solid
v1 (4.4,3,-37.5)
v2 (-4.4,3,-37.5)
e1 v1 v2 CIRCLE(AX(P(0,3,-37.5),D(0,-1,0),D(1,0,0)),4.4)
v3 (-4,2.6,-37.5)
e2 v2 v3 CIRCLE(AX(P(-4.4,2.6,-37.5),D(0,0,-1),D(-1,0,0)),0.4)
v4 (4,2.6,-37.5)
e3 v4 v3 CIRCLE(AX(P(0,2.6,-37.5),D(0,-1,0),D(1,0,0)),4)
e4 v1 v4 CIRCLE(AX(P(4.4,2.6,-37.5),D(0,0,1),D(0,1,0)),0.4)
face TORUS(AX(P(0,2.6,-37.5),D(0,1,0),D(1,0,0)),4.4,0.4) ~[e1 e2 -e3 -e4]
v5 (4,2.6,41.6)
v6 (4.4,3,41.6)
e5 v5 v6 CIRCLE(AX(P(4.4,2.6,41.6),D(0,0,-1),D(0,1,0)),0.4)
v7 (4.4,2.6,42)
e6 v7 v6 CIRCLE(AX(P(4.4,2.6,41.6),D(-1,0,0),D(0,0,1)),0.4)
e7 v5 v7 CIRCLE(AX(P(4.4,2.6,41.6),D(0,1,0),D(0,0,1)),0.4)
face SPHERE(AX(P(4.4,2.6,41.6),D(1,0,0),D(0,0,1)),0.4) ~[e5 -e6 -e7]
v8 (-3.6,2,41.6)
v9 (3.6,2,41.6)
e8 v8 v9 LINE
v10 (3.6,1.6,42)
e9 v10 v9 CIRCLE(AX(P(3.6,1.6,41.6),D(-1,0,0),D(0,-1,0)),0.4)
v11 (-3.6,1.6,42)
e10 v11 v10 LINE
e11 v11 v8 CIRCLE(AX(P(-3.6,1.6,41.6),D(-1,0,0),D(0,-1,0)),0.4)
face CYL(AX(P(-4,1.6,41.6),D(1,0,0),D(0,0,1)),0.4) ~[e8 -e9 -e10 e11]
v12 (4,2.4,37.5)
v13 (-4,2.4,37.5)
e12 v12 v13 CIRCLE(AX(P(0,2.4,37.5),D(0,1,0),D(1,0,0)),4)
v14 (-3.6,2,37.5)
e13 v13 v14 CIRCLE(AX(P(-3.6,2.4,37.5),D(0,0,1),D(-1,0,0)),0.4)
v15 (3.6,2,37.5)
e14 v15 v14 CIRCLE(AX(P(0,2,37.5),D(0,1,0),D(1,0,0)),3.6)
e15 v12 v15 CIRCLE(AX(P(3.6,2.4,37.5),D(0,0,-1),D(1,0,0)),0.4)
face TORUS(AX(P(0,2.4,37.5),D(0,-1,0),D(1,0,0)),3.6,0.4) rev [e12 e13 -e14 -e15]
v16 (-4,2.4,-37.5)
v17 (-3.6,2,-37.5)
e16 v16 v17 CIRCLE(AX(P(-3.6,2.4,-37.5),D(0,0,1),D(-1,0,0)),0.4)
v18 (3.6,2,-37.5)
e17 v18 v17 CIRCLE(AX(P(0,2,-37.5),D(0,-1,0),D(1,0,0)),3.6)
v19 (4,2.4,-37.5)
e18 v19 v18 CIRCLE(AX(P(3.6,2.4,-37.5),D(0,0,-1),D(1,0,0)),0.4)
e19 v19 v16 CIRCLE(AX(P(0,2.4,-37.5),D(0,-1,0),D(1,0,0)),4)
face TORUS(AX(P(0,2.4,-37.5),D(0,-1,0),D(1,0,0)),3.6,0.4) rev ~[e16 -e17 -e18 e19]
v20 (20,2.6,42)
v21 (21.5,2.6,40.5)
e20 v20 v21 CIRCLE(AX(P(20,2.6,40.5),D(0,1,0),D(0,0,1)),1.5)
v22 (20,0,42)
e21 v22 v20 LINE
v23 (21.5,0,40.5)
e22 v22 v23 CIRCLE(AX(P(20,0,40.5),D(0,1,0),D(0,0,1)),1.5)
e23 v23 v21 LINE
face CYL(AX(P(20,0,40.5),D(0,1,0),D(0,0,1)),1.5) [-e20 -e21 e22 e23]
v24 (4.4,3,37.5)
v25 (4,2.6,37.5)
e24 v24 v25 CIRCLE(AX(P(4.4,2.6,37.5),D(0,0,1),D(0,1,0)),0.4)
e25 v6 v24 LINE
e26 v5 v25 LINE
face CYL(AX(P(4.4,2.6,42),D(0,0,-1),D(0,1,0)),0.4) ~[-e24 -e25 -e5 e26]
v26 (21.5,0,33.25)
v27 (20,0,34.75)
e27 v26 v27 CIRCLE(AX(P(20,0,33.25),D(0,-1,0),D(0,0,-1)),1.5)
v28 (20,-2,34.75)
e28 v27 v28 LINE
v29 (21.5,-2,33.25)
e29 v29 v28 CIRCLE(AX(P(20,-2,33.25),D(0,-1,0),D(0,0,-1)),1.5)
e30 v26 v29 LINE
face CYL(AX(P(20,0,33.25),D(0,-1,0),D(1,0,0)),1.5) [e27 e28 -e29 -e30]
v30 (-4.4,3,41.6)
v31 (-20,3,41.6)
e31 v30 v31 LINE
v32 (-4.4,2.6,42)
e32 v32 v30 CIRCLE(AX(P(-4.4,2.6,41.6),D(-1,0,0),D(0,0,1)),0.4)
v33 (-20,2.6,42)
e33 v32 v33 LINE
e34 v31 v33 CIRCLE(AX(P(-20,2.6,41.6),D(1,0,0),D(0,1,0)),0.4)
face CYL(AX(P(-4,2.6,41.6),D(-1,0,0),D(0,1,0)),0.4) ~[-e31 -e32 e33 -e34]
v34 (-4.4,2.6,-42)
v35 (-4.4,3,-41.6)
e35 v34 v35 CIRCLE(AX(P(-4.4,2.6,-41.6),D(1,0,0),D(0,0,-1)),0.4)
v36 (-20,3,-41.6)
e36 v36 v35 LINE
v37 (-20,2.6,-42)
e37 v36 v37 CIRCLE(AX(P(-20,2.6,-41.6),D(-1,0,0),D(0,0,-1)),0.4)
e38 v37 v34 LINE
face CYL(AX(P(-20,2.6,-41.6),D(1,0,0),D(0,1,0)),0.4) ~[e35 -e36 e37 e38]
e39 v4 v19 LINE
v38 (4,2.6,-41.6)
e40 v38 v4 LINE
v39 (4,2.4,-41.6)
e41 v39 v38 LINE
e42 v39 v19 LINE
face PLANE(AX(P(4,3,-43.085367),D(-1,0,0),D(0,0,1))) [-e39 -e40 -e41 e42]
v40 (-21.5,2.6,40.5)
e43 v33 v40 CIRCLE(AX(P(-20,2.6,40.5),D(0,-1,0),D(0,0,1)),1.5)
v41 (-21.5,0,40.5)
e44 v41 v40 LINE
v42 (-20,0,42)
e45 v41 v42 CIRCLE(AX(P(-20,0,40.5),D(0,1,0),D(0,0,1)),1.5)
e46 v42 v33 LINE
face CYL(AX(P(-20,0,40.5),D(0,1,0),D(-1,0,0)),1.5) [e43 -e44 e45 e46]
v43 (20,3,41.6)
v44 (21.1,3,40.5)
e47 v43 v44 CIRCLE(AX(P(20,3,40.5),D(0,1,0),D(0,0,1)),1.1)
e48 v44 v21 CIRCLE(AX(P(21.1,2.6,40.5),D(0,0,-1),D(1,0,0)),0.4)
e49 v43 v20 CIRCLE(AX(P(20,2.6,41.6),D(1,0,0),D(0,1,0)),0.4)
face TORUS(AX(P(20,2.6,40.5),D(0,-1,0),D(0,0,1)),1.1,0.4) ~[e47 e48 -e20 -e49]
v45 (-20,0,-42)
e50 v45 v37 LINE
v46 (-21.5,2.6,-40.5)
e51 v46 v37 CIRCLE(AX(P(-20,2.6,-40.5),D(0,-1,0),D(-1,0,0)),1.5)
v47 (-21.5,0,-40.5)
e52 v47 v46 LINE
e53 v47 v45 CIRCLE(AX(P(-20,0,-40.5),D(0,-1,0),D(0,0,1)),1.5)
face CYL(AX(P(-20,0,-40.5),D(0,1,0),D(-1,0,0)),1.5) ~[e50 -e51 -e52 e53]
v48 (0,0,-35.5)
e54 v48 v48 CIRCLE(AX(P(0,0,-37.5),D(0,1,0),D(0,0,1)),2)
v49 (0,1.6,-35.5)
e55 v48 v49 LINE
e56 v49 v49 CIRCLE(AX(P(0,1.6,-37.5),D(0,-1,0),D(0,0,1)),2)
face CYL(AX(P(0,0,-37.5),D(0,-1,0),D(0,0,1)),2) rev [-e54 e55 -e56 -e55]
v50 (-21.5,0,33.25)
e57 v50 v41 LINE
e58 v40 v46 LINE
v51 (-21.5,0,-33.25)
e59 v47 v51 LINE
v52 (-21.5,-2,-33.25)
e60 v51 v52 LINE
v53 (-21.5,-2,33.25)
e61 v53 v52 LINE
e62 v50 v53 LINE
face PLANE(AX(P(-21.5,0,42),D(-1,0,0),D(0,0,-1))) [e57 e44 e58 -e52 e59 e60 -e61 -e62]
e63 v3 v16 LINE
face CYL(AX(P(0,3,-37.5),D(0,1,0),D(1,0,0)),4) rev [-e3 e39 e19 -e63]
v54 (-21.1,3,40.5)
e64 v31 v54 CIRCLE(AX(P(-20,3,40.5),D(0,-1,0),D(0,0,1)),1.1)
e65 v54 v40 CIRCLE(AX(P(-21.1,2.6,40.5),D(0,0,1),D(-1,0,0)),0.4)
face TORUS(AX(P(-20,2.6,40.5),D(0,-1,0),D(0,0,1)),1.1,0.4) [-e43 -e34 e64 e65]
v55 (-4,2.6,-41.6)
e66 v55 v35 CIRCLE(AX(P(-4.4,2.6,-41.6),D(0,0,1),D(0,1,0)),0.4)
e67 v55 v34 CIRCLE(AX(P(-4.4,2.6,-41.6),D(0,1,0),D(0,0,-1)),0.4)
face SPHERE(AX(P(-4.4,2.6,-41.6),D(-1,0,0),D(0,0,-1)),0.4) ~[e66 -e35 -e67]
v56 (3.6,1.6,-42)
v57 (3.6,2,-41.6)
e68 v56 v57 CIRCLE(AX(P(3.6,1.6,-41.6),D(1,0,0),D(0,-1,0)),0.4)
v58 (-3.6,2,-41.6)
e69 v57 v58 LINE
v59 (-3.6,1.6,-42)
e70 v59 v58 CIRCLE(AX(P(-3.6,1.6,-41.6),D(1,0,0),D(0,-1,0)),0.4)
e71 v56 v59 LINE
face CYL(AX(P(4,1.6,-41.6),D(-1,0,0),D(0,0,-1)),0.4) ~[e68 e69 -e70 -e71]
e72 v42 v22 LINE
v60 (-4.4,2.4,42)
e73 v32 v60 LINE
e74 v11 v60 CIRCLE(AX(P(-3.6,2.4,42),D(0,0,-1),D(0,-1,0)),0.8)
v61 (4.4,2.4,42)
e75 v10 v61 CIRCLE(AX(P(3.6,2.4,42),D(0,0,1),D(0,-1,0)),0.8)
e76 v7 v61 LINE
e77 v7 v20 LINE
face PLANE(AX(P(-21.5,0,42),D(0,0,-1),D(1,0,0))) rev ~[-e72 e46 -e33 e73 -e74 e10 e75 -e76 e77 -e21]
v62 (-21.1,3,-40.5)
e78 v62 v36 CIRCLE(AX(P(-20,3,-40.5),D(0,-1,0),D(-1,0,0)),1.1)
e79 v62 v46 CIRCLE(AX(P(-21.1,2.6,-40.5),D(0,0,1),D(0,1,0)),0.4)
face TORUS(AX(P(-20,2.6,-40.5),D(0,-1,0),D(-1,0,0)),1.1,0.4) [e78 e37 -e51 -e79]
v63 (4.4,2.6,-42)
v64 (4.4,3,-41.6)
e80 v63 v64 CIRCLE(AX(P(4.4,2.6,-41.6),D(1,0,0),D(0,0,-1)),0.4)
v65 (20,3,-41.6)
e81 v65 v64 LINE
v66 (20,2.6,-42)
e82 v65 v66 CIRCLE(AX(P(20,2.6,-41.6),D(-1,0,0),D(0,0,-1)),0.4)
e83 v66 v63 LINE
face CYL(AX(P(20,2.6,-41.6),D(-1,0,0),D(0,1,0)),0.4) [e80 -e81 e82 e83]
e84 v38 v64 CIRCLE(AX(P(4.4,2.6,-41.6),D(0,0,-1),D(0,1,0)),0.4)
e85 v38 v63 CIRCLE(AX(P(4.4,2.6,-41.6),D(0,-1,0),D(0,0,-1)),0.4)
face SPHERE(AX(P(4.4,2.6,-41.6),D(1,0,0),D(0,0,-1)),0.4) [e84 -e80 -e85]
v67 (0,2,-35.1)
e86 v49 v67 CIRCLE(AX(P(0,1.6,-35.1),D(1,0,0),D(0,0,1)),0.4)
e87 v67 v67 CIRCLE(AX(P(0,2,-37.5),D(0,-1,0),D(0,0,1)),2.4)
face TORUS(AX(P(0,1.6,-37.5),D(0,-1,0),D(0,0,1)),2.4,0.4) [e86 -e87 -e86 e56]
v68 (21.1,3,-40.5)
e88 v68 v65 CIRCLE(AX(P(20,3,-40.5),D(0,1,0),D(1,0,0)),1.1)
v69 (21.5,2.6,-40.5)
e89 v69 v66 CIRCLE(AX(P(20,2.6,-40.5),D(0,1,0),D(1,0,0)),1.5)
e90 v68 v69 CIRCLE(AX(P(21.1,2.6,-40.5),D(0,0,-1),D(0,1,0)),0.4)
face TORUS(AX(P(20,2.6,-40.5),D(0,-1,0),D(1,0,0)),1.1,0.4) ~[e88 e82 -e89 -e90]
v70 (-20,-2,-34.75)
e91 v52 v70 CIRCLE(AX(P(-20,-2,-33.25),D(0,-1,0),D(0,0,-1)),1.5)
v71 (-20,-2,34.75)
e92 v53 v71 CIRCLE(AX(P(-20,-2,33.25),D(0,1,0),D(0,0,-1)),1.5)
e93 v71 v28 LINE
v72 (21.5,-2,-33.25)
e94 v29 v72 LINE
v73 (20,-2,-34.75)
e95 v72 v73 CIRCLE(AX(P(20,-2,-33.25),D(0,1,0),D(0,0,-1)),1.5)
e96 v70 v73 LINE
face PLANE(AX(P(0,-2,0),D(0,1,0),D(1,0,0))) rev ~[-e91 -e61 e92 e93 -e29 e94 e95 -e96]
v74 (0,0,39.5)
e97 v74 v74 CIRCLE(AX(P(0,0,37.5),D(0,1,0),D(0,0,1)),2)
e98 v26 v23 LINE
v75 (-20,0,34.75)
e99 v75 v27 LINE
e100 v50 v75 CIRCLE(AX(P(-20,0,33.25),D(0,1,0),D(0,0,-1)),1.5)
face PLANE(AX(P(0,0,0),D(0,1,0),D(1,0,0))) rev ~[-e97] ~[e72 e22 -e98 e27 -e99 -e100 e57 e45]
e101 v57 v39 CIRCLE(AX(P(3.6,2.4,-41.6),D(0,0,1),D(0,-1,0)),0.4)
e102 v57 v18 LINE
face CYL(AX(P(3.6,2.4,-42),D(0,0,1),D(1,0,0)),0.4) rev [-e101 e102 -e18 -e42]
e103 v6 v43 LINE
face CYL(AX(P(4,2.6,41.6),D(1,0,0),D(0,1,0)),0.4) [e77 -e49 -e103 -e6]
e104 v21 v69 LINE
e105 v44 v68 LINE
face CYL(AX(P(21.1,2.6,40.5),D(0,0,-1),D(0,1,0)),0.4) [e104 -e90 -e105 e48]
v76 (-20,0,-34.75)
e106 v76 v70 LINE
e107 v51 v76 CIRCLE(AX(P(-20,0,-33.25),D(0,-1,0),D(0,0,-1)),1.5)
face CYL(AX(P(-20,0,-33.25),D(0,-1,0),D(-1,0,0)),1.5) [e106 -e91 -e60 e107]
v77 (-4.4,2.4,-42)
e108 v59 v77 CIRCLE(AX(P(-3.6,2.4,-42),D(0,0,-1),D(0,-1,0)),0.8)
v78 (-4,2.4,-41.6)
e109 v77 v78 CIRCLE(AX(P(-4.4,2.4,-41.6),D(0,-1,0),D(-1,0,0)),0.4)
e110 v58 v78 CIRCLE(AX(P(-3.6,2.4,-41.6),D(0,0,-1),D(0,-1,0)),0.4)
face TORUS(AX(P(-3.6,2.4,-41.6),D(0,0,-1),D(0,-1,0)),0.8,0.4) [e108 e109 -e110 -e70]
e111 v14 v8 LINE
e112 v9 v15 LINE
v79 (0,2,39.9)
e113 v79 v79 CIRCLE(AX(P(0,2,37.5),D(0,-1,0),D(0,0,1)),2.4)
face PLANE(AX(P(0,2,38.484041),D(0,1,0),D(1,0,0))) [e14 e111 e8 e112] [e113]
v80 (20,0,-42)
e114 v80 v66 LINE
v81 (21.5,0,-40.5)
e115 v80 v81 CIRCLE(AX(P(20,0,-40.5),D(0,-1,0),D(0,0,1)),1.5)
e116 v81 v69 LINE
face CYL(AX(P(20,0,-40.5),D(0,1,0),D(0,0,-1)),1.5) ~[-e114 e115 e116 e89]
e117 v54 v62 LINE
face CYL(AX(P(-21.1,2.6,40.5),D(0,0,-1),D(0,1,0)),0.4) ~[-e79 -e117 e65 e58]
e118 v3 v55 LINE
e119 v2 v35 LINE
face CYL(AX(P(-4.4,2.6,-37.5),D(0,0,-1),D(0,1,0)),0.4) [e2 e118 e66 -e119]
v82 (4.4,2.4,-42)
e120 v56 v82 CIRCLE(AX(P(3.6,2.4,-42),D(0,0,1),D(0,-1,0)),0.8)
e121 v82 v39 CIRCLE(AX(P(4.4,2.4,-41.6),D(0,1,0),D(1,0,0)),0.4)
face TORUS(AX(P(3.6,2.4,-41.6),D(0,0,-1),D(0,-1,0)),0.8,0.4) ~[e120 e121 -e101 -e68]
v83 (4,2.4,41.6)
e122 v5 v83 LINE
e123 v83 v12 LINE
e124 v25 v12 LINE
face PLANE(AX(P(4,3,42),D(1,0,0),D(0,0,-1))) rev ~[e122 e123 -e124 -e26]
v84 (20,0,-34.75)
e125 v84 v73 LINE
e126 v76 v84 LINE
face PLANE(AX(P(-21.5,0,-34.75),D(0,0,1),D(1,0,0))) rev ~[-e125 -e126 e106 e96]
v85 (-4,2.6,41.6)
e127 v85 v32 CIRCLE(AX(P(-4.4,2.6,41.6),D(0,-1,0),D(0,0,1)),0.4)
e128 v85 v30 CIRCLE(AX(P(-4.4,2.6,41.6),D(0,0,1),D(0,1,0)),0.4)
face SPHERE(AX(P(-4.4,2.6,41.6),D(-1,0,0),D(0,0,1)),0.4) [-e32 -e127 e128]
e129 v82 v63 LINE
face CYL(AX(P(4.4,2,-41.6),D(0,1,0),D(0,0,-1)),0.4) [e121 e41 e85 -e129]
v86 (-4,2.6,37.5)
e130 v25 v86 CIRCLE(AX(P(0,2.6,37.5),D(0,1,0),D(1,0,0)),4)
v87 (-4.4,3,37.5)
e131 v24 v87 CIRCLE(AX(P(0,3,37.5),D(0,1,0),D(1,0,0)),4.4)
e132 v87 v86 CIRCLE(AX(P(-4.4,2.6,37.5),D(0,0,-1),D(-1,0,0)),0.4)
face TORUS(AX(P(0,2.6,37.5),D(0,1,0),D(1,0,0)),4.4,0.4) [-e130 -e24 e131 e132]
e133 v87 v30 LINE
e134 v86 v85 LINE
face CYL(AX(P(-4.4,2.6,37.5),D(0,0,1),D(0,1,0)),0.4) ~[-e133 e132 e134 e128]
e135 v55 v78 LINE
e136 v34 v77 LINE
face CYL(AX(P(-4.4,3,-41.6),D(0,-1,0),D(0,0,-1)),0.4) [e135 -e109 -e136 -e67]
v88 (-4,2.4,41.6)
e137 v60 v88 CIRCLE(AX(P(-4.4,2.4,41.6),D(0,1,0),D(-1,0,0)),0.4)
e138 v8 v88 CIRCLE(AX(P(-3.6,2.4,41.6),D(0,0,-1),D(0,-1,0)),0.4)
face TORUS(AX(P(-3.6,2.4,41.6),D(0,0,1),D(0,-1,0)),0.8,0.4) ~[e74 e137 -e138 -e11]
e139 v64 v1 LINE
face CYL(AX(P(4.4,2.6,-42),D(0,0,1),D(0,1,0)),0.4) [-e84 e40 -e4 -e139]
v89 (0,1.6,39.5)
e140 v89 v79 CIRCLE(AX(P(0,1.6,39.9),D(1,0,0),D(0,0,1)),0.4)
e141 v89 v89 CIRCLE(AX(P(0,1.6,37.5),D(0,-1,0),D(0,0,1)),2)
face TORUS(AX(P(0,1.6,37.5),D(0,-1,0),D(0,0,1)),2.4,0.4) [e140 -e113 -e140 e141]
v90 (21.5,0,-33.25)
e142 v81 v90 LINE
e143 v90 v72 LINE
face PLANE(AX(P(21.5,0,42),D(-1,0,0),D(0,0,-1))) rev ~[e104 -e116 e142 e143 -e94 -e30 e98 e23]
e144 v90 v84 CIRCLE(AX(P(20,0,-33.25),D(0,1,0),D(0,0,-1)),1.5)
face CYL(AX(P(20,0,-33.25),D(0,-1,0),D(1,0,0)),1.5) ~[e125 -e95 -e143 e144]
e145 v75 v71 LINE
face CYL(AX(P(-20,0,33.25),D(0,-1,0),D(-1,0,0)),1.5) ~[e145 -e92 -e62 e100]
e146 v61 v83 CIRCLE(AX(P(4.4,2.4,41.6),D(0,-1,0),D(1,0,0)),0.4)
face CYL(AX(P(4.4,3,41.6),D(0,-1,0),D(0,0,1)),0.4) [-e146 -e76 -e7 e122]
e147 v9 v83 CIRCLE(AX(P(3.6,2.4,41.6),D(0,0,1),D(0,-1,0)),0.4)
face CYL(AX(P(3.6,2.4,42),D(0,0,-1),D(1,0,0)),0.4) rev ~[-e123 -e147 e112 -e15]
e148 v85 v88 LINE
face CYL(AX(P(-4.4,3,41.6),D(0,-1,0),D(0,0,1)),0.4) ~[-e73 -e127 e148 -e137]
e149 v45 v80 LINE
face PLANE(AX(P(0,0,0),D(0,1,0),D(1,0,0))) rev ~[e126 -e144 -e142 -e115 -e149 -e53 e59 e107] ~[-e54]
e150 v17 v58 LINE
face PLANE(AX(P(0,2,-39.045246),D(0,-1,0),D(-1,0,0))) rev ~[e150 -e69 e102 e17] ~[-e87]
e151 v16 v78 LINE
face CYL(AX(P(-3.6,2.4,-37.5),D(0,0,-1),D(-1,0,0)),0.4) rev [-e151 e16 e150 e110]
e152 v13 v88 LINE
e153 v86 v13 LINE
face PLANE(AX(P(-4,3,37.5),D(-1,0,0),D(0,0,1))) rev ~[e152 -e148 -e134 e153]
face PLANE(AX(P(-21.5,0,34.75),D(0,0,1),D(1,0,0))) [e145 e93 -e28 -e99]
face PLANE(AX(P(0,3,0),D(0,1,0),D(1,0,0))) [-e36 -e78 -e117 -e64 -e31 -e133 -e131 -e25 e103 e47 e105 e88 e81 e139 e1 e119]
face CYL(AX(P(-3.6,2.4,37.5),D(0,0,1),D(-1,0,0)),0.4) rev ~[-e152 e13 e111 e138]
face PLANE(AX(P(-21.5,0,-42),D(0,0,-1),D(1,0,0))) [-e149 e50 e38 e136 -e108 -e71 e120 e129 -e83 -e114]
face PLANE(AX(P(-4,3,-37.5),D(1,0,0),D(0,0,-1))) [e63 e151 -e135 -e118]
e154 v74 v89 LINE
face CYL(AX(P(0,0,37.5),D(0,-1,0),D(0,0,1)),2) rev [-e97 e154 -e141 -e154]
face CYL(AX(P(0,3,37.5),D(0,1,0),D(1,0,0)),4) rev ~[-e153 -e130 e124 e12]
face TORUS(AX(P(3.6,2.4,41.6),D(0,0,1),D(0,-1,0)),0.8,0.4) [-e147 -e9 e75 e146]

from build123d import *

# Parameters (mm, degrees)
SKETCH1_W           = 43
SKETCH1_H           = 84
SKETCH1_R           = 2
BOSS_EXTRUDE1_DEPTH = 3
SKETCH2_W           = 43
SKETCH2_H           = 69.5
BOSS_EXTRUDE2_DEPTH = 2
FILLET1_R           = 1.5
CUT_EXTRUDE1_DEPTH  = 1
FILLET2_R           = 0.4


with BuildPart() as part:
    # Sketch1 → Boss-Extrude1 (new body)
    with BuildSketch(Plane(origin=(0, 0, 0), x_dir=(1, 0, 0), z_dir=(0, 1, 0))):
        Rectangle(SKETCH1_W, SKETCH1_H)
        with Locations(Location((0, 37.5, 0), (0, 0, 270))):
            Circle(SKETCH1_R, mode=Mode.SUBTRACT)
        with Locations(Location((0, -37.5, 0), (0, 0, 270))):
            Circle(SKETCH1_R, mode=Mode.SUBTRACT)
    extrude(amount=BOSS_EXTRUDE1_DEPTH)

    # Sketch2 → Boss-Extrude2 (add)
    with BuildSketch(Plane(origin=(0, 0, 0), x_dir=(1, 0, 0), z_dir=(0, 1, 0))):
        Rectangle(SKETCH2_W, SKETCH2_H)
    extrude(amount=-BOSS_EXTRUDE2_DEPTH)

    # Fillet1
    fillet1_edges = [part.edges().sort_by_distance(p)[0] for p in [
        (21.5, -1, -34.75),
        (21.5, -1, 34.75),
        (-21.5, -1, 34.75),
        (-21.5, -1, -34.75),
        (21.5, 1.5, 42),
        (-21.5, 1.5, 42),
        (-21.5, 1.5, -42),
        (21.5, 1.5, -42),
    ]]
    fillet(fillet1_edges, radius=FILLET1_R)

    # Sketch3 → Cut-Extrude1 (cut)
    with BuildSketch(Plane(origin=(0, 3, 0), x_dir=(1, 0, 0), z_dir=(0, 1, 0))):
        with BuildLine():
            Line((-4, -37.5), (-4, -42))
            Line((-4, -42), (4, -42))
            Line((4, -42), (4, -37.5))
            ThreePointArc((4, -37.5), (0, -33.5), (-4, -37.5))
        make_face()
        with BuildLine():
            Line((-4, 37.5), (-4, 43.085367351))
            Line((-4, 43.085367351), (4, 43.085367351))
            Line((4, 43.085367351), (4, 37.5))
            ThreePointArc((4, 37.5), (0, 33.5), (-4, 37.5))
        make_face()
    extrude(amount=-CUT_EXTRUDE1_DEPTH, mode=Mode.SUBTRACT)

    # Fillet2
    fillet2_edges = [part.edges().sort_by_distance(p)[0] for p in [
        (12, 3, 42),
        (-12, 3, -42),
        (4, 2.5, -42),
        (-4, 2.5, -42),
        (4, 3, -39.75),
        (-4, 3, -39.75),
        (0, 3, -33.5),
        (0, 2, -39.5),
        (4, 2, -39.75),
        (0, 2, -33.5),
        (-4, 2, -39.75),
        (0, 2, -42),
        (4, 2.5, 42),
        (-4, 2.5, 42),
        (0, 3, 33.5),
        (-4, 3, 39.75),
        (4, 3, 39.75),
        (0, 2, 35.5),
        (0, 2, 33.5),
        (4, 2, 39.75),
        (0, 2, 42),
        (-4, 2, 39.75),
        (12, 3, -42),
        (21.5, 3, 0),
        (-21.5, 3, 0),
        (-12, 3, 42),
        (21.060660172, 3, 41.560660172),
        (-21.060660172, 3, 41.560660172),
        (-21.060660172, 3, -41.560660172),
        (21.060660172, 3, -41.560660172),
    ]]
    fillet(fillet2_edges, radius=FILLET2_R)


solid = part.part
